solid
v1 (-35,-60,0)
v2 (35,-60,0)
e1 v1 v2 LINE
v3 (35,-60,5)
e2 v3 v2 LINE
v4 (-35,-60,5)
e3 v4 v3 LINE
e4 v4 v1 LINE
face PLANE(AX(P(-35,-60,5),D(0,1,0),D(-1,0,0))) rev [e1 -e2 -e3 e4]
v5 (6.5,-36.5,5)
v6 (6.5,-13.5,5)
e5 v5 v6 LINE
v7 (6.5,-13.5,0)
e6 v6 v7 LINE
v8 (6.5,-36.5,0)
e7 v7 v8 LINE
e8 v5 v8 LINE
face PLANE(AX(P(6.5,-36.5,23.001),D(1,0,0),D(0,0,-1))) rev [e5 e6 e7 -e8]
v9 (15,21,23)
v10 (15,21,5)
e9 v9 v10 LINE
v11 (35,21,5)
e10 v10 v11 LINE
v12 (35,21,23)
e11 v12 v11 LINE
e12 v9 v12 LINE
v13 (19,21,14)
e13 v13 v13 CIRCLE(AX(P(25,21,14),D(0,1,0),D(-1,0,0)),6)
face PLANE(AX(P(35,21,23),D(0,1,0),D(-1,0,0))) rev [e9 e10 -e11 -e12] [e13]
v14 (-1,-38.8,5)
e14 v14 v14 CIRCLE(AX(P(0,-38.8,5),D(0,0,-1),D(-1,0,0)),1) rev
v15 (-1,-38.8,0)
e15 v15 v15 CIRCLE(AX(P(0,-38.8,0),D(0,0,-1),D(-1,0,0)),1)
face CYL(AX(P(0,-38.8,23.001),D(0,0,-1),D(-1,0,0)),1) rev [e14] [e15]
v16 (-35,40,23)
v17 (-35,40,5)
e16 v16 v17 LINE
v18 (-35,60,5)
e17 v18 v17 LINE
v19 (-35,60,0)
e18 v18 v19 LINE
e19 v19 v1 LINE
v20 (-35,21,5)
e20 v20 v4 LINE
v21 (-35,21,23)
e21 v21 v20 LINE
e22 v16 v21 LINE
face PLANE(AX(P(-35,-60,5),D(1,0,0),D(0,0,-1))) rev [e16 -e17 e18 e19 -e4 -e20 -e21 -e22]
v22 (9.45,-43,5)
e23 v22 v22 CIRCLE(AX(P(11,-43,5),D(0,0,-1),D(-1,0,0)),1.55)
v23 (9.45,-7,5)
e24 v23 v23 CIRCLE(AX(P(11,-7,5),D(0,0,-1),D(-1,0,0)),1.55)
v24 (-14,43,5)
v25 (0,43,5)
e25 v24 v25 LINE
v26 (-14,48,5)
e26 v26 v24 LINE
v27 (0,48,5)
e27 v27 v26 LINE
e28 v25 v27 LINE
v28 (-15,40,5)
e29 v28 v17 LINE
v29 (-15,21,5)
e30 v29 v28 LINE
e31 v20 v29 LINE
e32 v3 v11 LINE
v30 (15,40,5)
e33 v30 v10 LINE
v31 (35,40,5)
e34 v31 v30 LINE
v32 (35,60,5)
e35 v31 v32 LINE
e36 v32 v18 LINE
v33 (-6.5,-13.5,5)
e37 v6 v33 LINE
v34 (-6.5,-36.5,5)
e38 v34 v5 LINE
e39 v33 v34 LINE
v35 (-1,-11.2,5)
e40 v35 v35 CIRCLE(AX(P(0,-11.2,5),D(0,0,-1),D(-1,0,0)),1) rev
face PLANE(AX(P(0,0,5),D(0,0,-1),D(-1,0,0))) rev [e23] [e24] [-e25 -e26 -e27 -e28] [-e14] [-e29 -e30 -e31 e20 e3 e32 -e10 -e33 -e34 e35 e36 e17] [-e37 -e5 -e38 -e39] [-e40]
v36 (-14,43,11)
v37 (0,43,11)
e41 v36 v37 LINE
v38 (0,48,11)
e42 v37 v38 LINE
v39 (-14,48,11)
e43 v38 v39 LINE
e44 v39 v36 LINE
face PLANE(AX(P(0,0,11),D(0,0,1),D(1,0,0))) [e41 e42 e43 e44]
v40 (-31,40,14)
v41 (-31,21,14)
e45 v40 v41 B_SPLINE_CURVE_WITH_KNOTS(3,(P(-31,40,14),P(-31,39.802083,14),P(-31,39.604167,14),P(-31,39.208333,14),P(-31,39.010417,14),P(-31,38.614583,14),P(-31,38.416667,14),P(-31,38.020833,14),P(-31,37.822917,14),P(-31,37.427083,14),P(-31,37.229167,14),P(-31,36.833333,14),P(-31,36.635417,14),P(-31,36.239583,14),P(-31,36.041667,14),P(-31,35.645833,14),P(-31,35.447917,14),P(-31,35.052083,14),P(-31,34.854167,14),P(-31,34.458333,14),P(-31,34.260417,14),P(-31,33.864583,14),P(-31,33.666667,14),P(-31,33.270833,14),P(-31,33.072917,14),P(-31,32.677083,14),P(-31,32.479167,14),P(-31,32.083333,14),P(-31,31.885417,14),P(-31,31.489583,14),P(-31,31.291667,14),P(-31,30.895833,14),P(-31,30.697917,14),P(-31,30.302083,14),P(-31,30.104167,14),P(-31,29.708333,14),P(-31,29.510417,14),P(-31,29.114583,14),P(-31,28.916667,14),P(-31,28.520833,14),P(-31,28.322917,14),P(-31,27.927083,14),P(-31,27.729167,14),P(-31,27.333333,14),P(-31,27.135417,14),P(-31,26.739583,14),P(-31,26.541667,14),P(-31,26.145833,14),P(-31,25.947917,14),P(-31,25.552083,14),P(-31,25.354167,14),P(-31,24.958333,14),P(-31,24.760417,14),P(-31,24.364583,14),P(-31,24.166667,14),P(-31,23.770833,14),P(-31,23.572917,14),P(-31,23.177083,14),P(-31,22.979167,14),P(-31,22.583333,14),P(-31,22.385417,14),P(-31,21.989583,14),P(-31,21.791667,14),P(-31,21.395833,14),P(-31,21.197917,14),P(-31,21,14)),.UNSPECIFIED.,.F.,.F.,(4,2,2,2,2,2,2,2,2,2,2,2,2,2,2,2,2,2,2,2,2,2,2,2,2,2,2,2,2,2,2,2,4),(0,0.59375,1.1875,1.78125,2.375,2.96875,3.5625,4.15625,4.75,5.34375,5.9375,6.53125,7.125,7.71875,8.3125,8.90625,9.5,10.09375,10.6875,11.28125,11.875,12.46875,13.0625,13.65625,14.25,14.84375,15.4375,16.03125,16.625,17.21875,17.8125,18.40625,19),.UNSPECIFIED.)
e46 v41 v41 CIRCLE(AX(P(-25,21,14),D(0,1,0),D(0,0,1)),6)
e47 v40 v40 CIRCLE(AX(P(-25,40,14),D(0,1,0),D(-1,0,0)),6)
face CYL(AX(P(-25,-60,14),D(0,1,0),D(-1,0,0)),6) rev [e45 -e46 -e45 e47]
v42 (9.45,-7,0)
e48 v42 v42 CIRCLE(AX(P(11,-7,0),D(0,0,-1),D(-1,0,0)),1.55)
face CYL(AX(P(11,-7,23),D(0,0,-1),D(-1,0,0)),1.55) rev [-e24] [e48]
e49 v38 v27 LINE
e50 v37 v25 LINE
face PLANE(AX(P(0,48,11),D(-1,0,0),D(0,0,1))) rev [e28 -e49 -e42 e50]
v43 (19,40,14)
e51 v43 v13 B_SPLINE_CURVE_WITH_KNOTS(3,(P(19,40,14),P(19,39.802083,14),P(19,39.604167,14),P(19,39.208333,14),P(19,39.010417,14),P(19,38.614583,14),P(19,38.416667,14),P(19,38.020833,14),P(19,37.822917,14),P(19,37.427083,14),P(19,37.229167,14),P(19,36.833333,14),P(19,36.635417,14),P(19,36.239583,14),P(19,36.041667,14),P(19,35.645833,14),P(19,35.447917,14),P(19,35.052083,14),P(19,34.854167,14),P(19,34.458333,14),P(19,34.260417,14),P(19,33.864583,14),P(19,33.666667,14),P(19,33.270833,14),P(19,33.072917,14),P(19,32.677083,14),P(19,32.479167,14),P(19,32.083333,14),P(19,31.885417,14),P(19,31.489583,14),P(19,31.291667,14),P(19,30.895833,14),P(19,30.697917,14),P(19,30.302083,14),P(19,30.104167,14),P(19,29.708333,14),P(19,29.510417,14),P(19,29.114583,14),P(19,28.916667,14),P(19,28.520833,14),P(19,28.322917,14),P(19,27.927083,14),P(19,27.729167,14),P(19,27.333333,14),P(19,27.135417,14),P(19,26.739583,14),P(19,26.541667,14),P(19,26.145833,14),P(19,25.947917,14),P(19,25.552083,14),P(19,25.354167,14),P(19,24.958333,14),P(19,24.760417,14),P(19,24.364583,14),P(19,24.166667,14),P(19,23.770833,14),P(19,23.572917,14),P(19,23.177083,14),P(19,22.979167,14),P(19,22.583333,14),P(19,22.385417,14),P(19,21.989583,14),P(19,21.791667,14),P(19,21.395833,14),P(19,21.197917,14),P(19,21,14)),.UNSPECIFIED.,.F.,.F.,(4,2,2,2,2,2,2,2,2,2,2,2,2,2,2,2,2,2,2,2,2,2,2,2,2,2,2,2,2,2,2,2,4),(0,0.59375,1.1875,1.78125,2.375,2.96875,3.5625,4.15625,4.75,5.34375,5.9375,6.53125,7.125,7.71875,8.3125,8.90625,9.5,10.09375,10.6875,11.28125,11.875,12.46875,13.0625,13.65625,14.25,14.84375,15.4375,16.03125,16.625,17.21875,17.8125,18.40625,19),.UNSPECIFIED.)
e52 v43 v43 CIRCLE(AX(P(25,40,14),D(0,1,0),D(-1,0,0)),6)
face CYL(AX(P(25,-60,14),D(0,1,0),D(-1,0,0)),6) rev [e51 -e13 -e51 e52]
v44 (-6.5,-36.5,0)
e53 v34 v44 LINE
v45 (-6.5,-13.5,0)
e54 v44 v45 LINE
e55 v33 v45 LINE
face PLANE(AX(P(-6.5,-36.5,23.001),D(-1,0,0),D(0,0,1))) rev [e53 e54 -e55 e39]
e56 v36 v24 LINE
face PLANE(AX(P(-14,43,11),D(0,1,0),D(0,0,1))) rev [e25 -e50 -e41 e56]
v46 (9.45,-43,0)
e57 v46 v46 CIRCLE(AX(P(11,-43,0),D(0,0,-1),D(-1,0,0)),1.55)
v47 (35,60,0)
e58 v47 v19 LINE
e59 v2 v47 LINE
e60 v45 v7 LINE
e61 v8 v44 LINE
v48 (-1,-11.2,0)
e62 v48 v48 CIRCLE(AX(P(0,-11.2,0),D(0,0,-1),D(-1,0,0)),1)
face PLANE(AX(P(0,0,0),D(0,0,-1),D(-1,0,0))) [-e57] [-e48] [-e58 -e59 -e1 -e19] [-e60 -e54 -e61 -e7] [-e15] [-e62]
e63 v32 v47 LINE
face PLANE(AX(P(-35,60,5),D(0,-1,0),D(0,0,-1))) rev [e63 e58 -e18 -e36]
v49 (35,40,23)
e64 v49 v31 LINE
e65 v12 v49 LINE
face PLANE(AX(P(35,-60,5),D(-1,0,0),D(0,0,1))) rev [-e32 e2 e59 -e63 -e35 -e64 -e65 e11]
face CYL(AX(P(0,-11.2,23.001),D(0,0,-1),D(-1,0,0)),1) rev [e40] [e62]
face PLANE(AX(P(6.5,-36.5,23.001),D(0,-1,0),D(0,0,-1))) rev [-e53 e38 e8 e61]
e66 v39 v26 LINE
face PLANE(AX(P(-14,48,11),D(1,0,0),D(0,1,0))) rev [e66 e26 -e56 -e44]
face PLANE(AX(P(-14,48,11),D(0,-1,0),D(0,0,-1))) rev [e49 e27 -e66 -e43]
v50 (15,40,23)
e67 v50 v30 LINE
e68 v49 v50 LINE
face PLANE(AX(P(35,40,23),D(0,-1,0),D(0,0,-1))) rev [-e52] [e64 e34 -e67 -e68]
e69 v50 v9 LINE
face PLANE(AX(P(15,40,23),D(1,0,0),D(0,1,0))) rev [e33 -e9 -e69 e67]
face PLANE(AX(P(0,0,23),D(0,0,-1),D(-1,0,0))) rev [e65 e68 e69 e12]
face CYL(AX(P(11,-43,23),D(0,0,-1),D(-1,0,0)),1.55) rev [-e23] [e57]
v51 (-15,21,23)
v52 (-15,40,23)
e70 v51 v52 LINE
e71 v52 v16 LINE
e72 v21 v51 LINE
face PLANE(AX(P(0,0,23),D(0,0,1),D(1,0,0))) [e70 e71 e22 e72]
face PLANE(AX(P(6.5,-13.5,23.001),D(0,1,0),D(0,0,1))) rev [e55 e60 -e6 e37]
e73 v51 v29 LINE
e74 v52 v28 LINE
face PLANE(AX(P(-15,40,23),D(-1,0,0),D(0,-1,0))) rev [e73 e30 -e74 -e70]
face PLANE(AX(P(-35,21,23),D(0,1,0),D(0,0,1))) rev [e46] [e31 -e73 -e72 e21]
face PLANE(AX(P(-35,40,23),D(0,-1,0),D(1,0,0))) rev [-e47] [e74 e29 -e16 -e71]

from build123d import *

# Parameters (mm, degrees)
SKETCH1_W           = 70
SKETCH1_H           = 120
BOSS_EXTRUDE1_DEPTH = 5
SKETCH2_W           = 20
SKETCH2_H           = 19
BOSS_EXTRUDE2_DEPTH = 18
SKETCH3_R           = 6
CUT_EXTRUDE1_DEPTH  = 109.415865998
CUT_EXTRUDE2_REACH  = 75.171
SKETCH4_R           = 1
SKETCH4_W           = 13
SKETCH4_H           = 23
SKETCH5_W           = 14
SKETCH5_H           = 5
BOSS_EXTRUDE3_DEPTH = 6
SKETCH6_R           = 1.55
CUT_EXTRUDE3_DEPTH  = 74.17103252


with BuildPart() as part:
    # Sketch1 → Boss-Extrude1 (new body)
    with BuildSketch(Plane.XY):
        Rectangle(SKETCH1_W, SKETCH1_H)
    extrude(amount=BOSS_EXTRUDE1_DEPTH)

    # Sketch2 → Boss-Extrude2 (add)
    with BuildSketch(Plane.XY.offset(5)):
        with Locations((-25, 30.5)):
            Rectangle(SKETCH2_W, SKETCH2_H)
        with Locations((25, 30.5)):
            Rectangle(SKETCH2_W, SKETCH2_H)
    extrude(amount=BOSS_EXTRUDE2_DEPTH)

    # Sketch3 → Cut-Extrude1 (cut, through all)
    with BuildSketch(Plane(origin=(0, 40, 0), x_dir=(1, 0, 0), z_dir=(0, 1, 0))):
        with Locations(Location((-25, -14, 0), (0, 0, 180))):
            Circle(SKETCH3_R)
        with Locations(Location((25, -14, 0), (0, 0, 180))):
            Circle(SKETCH3_R)
    extrude(amount=-CUT_EXTRUDE1_DEPTH, mode=Mode.SUBTRACT)

    # Sketch4 → Cut-Extrude2 (cut, up to next)
    with BuildSketch(Plane(origin=(0, 0, 0), x_dir=(-1, 0, 0), z_dir=(0, 0, -1)), mode=Mode.PRIVATE) as cut_extrude2_sk1:
        with Locations((0, -11.2)):
            Circle(SKETCH4_R)
    cut_extrude2_tool1 = extrude(cut_extrude2_sk1.sketch, amount=-CUT_EXTRUDE2_REACH, mode=Mode.PRIVATE) & part.part
    # Sketch4 → Cut-Extrude2 (cut, up to next)
    with BuildSketch(Plane(origin=(0, 0, 0), x_dir=(-1, 0, 0), z_dir=(0, 0, -1)), mode=Mode.PRIVATE) as cut_extrude2_sk2:
        with Locations((0, -38.8)):
            Circle(SKETCH4_R)
    cut_extrude2_tool2 = extrude(cut_extrude2_sk2.sketch, amount=-CUT_EXTRUDE2_REACH, mode=Mode.PRIVATE) & part.part
    # Sketch4 → Cut-Extrude2 (cut, up to next)
    with BuildSketch(Plane(origin=(0, 0, 0), x_dir=(-1, 0, 0), z_dir=(0, 0, -1)), mode=Mode.PRIVATE) as cut_extrude2_sk3:
        with Locations((0, -25)):
            Rectangle(SKETCH4_W, SKETCH4_H)
    cut_extrude2_tool3 = extrude(cut_extrude2_sk3.sketch, amount=-CUT_EXTRUDE2_REACH, mode=Mode.PRIVATE) & part.part
    add(cut_extrude2_tool1.solids().sort_by_distance((0, -11.2, 0))[0], mode=Mode.SUBTRACT)
    add(cut_extrude2_tool2.solids().sort_by_distance((0, -38.8, 0))[0], mode=Mode.SUBTRACT)
    add(cut_extrude2_tool3.solids().sort_by_distance((0, -25, 0))[0], mode=Mode.SUBTRACT)

    # Sketch5 → Boss-Extrude3 (add)
    with BuildSketch(Plane.XY.offset(5)):
        with Locations((-7, 45.5)):
            Rectangle(SKETCH5_W, SKETCH5_H)
    extrude(amount=BOSS_EXTRUDE3_DEPTH)

    # Sketch6 → Cut-Extrude3 (cut, through all)
    with BuildSketch(Plane(origin=(0, 0, 0), x_dir=(-1, 0, 0), z_dir=(0, 0, -1))):
        with Locations((-11, -7)):
            Circle(SKETCH6_R)
        with Locations((-11, -43)):
            Circle(SKETCH6_R)
    extrude(amount=-CUT_EXTRUDE3_DEPTH, mode=Mode.SUBTRACT)


solid = part.part
